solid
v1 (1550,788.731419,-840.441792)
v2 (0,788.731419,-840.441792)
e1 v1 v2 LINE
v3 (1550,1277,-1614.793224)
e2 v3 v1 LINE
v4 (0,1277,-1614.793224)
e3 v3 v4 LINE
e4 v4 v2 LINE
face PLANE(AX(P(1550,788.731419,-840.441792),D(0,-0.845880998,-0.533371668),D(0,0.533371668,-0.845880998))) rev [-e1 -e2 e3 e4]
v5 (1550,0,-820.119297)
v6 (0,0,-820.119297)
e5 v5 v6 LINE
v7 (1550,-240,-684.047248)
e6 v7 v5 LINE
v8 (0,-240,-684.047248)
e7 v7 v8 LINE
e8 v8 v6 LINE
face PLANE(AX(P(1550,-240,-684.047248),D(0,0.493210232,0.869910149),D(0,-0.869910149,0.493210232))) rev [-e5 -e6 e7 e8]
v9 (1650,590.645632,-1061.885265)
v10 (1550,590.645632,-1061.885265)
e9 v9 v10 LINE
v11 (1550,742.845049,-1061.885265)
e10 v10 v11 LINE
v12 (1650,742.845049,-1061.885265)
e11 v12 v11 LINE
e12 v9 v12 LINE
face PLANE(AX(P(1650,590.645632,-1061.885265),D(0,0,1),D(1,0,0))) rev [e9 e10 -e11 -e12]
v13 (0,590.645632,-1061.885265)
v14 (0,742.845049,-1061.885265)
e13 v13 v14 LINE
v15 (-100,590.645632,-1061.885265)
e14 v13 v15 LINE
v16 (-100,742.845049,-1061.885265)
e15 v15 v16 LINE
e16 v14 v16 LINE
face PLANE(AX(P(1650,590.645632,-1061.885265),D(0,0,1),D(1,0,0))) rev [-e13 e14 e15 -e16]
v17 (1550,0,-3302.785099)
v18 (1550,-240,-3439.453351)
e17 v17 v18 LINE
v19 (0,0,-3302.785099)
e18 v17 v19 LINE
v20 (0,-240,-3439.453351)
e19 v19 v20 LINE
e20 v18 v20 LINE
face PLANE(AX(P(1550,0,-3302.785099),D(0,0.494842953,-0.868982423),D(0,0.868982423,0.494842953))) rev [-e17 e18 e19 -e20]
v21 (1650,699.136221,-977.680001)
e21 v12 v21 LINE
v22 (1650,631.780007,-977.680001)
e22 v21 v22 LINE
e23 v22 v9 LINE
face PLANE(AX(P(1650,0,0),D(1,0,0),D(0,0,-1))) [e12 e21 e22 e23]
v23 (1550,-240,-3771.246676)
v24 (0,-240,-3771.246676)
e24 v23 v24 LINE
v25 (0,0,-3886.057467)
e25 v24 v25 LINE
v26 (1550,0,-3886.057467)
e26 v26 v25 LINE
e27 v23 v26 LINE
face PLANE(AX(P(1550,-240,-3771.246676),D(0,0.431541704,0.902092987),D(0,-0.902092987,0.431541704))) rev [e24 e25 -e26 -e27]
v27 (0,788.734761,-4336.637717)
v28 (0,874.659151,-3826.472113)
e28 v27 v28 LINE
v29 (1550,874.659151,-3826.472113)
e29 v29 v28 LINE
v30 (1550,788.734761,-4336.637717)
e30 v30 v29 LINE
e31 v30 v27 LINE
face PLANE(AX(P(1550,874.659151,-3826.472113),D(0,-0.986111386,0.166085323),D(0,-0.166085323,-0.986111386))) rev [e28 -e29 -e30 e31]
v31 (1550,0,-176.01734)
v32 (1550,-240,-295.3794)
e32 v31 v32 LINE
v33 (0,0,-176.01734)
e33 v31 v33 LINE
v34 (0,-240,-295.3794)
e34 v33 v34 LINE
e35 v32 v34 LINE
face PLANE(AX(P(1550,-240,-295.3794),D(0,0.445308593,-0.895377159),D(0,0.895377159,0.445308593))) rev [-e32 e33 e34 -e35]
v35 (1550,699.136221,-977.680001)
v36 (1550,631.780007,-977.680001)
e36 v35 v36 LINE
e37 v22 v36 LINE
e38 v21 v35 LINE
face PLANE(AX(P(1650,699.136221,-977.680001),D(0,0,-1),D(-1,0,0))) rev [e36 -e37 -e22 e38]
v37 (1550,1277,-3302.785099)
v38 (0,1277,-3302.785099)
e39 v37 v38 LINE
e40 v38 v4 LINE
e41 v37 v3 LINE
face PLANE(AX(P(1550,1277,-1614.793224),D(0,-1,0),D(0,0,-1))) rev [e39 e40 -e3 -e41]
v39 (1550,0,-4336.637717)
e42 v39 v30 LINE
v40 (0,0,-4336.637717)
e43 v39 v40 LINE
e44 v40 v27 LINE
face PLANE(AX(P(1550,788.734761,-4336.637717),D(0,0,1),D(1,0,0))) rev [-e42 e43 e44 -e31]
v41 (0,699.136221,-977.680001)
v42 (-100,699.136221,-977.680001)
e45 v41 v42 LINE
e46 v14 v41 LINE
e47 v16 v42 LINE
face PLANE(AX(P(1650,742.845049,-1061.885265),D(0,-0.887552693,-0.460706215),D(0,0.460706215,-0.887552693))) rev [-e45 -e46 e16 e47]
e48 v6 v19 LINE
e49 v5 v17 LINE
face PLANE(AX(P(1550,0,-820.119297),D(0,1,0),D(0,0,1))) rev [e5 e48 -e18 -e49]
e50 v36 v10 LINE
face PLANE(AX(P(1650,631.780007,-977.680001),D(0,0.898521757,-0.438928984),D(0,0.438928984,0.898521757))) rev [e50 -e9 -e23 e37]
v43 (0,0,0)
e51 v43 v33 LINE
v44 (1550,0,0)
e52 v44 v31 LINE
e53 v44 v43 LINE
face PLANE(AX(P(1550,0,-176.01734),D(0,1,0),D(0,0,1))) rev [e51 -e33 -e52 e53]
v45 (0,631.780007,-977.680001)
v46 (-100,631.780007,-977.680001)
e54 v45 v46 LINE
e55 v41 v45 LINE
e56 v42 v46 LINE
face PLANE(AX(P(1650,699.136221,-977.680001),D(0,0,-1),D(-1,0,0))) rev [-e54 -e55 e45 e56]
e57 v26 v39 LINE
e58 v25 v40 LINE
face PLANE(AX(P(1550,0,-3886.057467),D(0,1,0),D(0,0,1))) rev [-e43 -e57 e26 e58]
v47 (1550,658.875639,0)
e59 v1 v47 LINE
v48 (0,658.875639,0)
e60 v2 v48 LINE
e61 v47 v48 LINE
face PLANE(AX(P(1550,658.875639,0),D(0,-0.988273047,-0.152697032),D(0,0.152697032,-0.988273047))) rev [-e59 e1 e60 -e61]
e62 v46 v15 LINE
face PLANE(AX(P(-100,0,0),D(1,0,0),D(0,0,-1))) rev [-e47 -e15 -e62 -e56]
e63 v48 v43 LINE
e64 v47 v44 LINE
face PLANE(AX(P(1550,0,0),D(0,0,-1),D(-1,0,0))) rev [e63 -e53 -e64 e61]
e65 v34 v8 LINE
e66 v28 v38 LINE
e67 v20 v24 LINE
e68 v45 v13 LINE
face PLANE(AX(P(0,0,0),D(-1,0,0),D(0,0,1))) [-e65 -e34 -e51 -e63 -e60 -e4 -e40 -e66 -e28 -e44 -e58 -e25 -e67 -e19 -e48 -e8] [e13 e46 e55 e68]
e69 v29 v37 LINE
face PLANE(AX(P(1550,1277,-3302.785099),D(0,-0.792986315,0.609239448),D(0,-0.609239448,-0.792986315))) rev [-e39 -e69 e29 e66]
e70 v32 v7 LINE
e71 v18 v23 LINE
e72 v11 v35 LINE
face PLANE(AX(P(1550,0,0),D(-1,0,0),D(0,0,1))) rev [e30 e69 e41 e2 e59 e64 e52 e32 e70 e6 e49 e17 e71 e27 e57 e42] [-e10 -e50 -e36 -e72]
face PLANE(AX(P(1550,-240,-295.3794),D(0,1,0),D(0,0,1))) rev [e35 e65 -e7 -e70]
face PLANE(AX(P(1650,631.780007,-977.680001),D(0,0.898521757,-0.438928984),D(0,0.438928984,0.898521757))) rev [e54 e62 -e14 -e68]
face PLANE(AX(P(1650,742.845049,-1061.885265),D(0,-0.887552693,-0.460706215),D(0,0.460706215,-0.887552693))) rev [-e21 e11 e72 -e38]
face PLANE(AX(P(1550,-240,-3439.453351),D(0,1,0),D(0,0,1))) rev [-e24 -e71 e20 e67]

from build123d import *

# Parameters (mm, degrees)
EXTRUDE_1_DEPTH      = 1550
EXTRUDE_2_DEPTH      = 100
EXTRUDE_2_DEPTH_BACK = 1650


with BuildPart() as part:
    # Эскиз1 → Бобышка-Вытянуть1 (new body)
    with BuildSketch(Plane(origin=(0, 0, 0), x_dir=(0, 0, -1), z_dir=(1, 0, 0))):
        Polygon((0, 0), (0, 658.87563872), (840.441792245, 788.73141871), (1614.79322398, 1277), (3302.785099296, 1277), (3826.472113363, 874.659150999), (4336.637717029, 788.734761174), (4336.637717029, 0), (3886.057467004, 0), (3771.246676393, -240), (3439.453351147, -240), (3302.785099296, 0), (820.119296538, 0), (684.047248406, -240), (295.379400048, -240), (176.017340053, 0), align=None)
    extrude(amount=EXTRUDE_1_DEPTH)

    # Эскиз2 → Бобышка-Вытянуть2 (add, two sides)
    with BuildSketch(Plane(origin=(1550, 0, 0), x_dir=(0, 0, -1), z_dir=(1, 0, 0))) as extrude_2_sk:
        Polygon((977.680000946, 699.13622092), (977.680000946, 631.780006551), (1061.885264707, 590.645631586), (1061.885264707, 742.845049311), align=None)
    extrude(amount=EXTRUDE_2_DEPTH)
    extrude(extrude_2_sk.sketch, amount=-EXTRUDE_2_DEPTH_BACK)


solid = part.part
